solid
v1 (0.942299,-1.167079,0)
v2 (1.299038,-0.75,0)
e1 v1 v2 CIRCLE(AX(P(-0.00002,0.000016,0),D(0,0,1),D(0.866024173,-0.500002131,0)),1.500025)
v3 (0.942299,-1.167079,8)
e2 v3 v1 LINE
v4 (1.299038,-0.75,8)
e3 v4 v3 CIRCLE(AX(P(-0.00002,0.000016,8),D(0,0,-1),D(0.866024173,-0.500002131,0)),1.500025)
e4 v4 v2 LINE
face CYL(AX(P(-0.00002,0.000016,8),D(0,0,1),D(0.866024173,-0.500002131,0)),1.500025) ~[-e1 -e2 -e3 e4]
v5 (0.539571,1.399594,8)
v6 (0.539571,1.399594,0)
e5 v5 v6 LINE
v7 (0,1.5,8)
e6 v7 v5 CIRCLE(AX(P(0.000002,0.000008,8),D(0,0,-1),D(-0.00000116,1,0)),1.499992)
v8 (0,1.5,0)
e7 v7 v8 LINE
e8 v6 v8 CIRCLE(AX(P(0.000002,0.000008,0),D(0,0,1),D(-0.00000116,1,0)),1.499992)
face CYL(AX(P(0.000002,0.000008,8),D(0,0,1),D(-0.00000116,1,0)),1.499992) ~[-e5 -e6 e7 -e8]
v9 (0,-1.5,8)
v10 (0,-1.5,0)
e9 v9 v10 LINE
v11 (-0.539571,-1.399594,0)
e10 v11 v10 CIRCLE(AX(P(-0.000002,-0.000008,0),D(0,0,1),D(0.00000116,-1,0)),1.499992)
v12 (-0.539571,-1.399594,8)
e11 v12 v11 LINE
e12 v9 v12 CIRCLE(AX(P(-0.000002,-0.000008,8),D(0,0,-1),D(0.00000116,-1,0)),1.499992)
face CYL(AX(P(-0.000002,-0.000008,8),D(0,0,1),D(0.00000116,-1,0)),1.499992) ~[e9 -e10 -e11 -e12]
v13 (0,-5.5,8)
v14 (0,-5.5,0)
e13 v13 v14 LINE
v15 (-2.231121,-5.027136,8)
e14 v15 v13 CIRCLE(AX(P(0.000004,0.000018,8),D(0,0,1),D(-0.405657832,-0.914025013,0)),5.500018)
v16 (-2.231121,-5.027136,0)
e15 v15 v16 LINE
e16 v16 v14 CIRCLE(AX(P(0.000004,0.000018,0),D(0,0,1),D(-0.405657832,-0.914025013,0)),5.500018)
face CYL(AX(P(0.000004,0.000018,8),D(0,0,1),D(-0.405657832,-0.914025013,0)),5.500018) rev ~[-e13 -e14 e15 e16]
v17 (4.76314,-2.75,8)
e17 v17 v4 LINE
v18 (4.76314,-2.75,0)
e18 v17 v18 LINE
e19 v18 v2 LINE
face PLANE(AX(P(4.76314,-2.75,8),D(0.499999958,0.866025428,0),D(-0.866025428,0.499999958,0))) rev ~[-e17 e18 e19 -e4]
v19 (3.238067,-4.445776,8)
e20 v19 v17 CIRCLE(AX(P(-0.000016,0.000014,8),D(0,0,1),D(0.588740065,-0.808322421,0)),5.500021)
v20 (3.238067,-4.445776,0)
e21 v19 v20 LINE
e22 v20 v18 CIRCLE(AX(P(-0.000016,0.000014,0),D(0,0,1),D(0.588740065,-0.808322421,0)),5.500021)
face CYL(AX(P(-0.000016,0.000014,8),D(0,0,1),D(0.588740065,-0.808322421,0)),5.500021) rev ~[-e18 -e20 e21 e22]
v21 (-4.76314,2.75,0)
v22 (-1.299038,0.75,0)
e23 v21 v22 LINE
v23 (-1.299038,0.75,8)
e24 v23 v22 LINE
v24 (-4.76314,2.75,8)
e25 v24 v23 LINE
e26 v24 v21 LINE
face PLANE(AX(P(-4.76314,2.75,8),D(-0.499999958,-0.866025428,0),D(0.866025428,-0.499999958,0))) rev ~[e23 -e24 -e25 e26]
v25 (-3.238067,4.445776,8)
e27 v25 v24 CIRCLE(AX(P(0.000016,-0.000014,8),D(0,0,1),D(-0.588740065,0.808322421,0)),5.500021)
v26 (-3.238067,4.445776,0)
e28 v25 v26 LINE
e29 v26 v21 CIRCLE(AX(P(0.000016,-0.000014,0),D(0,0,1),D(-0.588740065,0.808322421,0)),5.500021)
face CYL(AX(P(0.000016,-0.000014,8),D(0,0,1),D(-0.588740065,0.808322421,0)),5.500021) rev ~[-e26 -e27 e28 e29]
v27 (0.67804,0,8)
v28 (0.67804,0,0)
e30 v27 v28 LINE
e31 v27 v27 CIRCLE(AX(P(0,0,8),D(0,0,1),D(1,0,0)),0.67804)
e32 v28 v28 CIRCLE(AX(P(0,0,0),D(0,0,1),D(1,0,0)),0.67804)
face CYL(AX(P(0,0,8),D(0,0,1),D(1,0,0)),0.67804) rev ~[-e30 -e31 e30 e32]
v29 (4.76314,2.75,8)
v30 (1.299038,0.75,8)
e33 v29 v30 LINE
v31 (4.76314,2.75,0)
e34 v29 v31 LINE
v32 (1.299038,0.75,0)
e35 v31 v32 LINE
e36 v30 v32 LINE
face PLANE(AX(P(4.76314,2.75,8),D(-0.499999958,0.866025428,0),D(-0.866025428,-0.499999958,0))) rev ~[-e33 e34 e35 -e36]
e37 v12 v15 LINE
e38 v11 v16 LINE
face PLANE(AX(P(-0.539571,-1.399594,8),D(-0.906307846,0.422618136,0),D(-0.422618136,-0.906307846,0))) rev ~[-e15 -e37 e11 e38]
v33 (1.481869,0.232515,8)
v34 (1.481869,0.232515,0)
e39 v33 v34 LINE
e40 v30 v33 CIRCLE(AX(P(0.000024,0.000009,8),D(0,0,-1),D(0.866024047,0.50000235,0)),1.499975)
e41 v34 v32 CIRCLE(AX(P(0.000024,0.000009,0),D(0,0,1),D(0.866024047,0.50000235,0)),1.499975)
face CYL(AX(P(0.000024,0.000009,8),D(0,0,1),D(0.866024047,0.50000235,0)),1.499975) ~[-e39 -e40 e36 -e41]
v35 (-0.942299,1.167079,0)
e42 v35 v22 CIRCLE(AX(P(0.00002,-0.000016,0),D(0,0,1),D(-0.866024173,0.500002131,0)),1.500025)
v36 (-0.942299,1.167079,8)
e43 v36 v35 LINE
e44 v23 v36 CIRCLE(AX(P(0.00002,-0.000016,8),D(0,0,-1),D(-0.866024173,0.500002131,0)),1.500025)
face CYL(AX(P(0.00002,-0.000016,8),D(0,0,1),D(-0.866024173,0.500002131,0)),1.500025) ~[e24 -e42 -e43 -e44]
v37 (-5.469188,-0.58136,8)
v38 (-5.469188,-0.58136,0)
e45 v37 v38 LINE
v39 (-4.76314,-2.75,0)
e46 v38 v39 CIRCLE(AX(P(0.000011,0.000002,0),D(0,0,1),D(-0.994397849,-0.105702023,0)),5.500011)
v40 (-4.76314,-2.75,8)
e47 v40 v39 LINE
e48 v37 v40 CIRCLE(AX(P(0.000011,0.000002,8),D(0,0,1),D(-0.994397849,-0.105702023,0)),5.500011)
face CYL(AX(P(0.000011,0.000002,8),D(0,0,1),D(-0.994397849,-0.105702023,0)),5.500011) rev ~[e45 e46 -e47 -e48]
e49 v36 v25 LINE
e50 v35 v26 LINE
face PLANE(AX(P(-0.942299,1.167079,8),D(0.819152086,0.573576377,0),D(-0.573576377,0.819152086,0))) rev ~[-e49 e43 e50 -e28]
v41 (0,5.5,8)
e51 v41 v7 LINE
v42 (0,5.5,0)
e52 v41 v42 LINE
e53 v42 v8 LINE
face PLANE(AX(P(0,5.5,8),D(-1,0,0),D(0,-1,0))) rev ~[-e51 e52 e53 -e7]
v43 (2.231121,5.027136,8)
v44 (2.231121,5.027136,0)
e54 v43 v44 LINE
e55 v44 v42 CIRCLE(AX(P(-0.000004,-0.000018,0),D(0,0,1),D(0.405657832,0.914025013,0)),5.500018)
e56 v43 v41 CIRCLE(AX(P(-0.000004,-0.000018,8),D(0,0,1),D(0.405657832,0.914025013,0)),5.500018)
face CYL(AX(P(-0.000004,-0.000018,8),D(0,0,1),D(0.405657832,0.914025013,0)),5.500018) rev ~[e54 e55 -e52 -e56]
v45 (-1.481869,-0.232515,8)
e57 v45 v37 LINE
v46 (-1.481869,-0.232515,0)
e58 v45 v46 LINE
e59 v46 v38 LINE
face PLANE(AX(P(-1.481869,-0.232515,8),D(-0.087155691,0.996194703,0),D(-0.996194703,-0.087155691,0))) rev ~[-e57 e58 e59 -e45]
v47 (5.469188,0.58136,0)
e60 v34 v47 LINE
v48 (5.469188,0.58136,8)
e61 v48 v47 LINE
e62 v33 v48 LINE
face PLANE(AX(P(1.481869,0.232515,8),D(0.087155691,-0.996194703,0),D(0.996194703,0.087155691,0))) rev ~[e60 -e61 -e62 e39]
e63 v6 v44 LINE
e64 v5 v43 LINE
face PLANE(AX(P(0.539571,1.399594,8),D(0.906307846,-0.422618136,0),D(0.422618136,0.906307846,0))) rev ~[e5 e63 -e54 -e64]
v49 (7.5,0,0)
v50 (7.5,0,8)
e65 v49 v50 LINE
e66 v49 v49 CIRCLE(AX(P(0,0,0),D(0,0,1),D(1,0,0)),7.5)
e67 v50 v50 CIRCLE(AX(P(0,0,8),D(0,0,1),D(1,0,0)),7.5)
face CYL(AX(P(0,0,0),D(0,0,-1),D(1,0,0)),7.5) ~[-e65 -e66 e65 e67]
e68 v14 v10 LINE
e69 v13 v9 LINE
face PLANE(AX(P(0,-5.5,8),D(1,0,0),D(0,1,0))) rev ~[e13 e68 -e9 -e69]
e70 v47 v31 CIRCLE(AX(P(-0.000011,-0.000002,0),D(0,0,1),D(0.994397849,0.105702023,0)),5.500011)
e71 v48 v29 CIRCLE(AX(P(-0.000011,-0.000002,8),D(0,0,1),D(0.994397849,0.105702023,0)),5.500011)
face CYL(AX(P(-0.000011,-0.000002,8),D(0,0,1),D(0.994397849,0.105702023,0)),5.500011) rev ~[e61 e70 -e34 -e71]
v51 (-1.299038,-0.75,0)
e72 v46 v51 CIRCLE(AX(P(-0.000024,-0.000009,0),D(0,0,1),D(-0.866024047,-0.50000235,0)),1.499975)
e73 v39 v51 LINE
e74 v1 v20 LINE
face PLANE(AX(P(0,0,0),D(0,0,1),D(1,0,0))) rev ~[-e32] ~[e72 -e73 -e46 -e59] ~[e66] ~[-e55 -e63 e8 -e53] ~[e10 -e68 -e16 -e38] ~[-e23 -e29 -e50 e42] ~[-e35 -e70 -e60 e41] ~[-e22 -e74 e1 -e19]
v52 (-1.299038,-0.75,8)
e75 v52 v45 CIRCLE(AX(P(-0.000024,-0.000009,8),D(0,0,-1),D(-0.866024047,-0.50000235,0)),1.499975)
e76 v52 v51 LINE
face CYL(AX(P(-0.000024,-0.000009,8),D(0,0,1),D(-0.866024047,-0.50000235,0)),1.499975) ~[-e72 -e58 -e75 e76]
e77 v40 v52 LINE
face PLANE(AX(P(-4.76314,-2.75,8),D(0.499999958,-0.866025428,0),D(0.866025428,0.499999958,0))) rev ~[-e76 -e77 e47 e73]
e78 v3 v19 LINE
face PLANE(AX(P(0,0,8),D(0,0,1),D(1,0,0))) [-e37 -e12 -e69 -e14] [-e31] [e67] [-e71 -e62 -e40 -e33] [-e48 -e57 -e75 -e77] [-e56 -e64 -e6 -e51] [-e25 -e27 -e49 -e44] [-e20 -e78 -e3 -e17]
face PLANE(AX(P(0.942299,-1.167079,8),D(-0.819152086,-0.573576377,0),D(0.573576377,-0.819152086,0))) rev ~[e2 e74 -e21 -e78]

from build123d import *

# Parameters (mm, degrees)
F0_R     = 7.5
F1_DEPTH = 8
F3_DEPTH = 100
F4_R     = 0.67804
F5_DEPTH = 100


with BuildPart() as f1:
    # F0 (on Top) → F1 (new body)
    with BuildSketch(Plane.XY):
        Circle(F0_R)
    extrude(amount=F1_DEPTH)

    # F2 (on face) → F3 (cut)
    with BuildSketch(Plane.XY.offset(8)):
        with BuildLine():
            ThreePointArc((0, 1.5), (0.274417, 1.474685), (0.539571, 1.399594))
            Line((0.539571, 1.399594), (2.231121, 5.027136))
            ThreePointArc((2.231121, 5.027136), (1.14034, 5.380485), (0, 5.5))
            Line((0, 5.5), (0, 1.5))
        make_face()
        with BuildLine():
            ThreePointArc((-1.299038, 0.75), (-1.139906, 0.974994), (-0.942299, 1.167079))
            Line((-0.942299, 1.167079), (-3.238067, 4.445776))
            ThreePointArc((-3.238067, 4.445776), (-4.089467, 3.677806), (-4.76314, 2.75))
            Line((-4.76314, 2.75), (-1.299038, 0.75))
        make_face()
        with BuildLine():
            Line((-4.76314, -2.75), (-1.299038, -0.75))
            ThreePointArc((-1.299038, -0.75), (-1.414323, -0.499691), (-1.481869, -0.232515))
            Line((-1.481869, -0.232515), (-5.469188, -0.58136))
            ThreePointArc((-5.469188, -0.58136), (-5.229807, -1.702679), (-4.76314, -2.75))
        make_face()
        with BuildLine():
            Line((0, -5.5), (0, -1.5))
            ThreePointArc((0, -1.5), (-0.274417, -1.474685), (-0.539571, -1.399594))
            Line((-0.539571, -1.399594), (-2.231121, -5.027136))
            ThreePointArc((-2.231121, -5.027136), (-1.14034, -5.380485), (0, -5.5))
        make_face()
        with BuildLine():
            Line((4.76314, -2.75), (1.299038, -0.75))
            ThreePointArc((1.299038, -0.75), (1.139906, -0.974994), (0.942299, -1.167079))
            Line((0.942299, -1.167079), (3.238067, -4.445776))
            ThreePointArc((3.238067, -4.445776), (4.089467, -3.677806), (4.76314, -2.75))
        make_face()
        with BuildLine():
            ThreePointArc((1.299038, 0.75), (1.414323, 0.499691), (1.481869, 0.232515))
            Line((1.481869, 0.232515), (5.469188, 0.58136))
            ThreePointArc((5.469188, 0.58136), (5.229807, 1.702679), (4.76314, 2.75))
            Line((4.76314, 2.75), (1.299038, 0.75))
        make_face()
    extrude(amount=-F3_DEPTH, mode=Mode.SUBTRACT)

    # F4 (on face) → F5 (cut)
    with BuildSketch(Plane.XY.offset(8)):
        Circle(F4_R)
    extrude(amount=-F5_DEPTH, mode=Mode.SUBTRACT)


solid = f1.part
